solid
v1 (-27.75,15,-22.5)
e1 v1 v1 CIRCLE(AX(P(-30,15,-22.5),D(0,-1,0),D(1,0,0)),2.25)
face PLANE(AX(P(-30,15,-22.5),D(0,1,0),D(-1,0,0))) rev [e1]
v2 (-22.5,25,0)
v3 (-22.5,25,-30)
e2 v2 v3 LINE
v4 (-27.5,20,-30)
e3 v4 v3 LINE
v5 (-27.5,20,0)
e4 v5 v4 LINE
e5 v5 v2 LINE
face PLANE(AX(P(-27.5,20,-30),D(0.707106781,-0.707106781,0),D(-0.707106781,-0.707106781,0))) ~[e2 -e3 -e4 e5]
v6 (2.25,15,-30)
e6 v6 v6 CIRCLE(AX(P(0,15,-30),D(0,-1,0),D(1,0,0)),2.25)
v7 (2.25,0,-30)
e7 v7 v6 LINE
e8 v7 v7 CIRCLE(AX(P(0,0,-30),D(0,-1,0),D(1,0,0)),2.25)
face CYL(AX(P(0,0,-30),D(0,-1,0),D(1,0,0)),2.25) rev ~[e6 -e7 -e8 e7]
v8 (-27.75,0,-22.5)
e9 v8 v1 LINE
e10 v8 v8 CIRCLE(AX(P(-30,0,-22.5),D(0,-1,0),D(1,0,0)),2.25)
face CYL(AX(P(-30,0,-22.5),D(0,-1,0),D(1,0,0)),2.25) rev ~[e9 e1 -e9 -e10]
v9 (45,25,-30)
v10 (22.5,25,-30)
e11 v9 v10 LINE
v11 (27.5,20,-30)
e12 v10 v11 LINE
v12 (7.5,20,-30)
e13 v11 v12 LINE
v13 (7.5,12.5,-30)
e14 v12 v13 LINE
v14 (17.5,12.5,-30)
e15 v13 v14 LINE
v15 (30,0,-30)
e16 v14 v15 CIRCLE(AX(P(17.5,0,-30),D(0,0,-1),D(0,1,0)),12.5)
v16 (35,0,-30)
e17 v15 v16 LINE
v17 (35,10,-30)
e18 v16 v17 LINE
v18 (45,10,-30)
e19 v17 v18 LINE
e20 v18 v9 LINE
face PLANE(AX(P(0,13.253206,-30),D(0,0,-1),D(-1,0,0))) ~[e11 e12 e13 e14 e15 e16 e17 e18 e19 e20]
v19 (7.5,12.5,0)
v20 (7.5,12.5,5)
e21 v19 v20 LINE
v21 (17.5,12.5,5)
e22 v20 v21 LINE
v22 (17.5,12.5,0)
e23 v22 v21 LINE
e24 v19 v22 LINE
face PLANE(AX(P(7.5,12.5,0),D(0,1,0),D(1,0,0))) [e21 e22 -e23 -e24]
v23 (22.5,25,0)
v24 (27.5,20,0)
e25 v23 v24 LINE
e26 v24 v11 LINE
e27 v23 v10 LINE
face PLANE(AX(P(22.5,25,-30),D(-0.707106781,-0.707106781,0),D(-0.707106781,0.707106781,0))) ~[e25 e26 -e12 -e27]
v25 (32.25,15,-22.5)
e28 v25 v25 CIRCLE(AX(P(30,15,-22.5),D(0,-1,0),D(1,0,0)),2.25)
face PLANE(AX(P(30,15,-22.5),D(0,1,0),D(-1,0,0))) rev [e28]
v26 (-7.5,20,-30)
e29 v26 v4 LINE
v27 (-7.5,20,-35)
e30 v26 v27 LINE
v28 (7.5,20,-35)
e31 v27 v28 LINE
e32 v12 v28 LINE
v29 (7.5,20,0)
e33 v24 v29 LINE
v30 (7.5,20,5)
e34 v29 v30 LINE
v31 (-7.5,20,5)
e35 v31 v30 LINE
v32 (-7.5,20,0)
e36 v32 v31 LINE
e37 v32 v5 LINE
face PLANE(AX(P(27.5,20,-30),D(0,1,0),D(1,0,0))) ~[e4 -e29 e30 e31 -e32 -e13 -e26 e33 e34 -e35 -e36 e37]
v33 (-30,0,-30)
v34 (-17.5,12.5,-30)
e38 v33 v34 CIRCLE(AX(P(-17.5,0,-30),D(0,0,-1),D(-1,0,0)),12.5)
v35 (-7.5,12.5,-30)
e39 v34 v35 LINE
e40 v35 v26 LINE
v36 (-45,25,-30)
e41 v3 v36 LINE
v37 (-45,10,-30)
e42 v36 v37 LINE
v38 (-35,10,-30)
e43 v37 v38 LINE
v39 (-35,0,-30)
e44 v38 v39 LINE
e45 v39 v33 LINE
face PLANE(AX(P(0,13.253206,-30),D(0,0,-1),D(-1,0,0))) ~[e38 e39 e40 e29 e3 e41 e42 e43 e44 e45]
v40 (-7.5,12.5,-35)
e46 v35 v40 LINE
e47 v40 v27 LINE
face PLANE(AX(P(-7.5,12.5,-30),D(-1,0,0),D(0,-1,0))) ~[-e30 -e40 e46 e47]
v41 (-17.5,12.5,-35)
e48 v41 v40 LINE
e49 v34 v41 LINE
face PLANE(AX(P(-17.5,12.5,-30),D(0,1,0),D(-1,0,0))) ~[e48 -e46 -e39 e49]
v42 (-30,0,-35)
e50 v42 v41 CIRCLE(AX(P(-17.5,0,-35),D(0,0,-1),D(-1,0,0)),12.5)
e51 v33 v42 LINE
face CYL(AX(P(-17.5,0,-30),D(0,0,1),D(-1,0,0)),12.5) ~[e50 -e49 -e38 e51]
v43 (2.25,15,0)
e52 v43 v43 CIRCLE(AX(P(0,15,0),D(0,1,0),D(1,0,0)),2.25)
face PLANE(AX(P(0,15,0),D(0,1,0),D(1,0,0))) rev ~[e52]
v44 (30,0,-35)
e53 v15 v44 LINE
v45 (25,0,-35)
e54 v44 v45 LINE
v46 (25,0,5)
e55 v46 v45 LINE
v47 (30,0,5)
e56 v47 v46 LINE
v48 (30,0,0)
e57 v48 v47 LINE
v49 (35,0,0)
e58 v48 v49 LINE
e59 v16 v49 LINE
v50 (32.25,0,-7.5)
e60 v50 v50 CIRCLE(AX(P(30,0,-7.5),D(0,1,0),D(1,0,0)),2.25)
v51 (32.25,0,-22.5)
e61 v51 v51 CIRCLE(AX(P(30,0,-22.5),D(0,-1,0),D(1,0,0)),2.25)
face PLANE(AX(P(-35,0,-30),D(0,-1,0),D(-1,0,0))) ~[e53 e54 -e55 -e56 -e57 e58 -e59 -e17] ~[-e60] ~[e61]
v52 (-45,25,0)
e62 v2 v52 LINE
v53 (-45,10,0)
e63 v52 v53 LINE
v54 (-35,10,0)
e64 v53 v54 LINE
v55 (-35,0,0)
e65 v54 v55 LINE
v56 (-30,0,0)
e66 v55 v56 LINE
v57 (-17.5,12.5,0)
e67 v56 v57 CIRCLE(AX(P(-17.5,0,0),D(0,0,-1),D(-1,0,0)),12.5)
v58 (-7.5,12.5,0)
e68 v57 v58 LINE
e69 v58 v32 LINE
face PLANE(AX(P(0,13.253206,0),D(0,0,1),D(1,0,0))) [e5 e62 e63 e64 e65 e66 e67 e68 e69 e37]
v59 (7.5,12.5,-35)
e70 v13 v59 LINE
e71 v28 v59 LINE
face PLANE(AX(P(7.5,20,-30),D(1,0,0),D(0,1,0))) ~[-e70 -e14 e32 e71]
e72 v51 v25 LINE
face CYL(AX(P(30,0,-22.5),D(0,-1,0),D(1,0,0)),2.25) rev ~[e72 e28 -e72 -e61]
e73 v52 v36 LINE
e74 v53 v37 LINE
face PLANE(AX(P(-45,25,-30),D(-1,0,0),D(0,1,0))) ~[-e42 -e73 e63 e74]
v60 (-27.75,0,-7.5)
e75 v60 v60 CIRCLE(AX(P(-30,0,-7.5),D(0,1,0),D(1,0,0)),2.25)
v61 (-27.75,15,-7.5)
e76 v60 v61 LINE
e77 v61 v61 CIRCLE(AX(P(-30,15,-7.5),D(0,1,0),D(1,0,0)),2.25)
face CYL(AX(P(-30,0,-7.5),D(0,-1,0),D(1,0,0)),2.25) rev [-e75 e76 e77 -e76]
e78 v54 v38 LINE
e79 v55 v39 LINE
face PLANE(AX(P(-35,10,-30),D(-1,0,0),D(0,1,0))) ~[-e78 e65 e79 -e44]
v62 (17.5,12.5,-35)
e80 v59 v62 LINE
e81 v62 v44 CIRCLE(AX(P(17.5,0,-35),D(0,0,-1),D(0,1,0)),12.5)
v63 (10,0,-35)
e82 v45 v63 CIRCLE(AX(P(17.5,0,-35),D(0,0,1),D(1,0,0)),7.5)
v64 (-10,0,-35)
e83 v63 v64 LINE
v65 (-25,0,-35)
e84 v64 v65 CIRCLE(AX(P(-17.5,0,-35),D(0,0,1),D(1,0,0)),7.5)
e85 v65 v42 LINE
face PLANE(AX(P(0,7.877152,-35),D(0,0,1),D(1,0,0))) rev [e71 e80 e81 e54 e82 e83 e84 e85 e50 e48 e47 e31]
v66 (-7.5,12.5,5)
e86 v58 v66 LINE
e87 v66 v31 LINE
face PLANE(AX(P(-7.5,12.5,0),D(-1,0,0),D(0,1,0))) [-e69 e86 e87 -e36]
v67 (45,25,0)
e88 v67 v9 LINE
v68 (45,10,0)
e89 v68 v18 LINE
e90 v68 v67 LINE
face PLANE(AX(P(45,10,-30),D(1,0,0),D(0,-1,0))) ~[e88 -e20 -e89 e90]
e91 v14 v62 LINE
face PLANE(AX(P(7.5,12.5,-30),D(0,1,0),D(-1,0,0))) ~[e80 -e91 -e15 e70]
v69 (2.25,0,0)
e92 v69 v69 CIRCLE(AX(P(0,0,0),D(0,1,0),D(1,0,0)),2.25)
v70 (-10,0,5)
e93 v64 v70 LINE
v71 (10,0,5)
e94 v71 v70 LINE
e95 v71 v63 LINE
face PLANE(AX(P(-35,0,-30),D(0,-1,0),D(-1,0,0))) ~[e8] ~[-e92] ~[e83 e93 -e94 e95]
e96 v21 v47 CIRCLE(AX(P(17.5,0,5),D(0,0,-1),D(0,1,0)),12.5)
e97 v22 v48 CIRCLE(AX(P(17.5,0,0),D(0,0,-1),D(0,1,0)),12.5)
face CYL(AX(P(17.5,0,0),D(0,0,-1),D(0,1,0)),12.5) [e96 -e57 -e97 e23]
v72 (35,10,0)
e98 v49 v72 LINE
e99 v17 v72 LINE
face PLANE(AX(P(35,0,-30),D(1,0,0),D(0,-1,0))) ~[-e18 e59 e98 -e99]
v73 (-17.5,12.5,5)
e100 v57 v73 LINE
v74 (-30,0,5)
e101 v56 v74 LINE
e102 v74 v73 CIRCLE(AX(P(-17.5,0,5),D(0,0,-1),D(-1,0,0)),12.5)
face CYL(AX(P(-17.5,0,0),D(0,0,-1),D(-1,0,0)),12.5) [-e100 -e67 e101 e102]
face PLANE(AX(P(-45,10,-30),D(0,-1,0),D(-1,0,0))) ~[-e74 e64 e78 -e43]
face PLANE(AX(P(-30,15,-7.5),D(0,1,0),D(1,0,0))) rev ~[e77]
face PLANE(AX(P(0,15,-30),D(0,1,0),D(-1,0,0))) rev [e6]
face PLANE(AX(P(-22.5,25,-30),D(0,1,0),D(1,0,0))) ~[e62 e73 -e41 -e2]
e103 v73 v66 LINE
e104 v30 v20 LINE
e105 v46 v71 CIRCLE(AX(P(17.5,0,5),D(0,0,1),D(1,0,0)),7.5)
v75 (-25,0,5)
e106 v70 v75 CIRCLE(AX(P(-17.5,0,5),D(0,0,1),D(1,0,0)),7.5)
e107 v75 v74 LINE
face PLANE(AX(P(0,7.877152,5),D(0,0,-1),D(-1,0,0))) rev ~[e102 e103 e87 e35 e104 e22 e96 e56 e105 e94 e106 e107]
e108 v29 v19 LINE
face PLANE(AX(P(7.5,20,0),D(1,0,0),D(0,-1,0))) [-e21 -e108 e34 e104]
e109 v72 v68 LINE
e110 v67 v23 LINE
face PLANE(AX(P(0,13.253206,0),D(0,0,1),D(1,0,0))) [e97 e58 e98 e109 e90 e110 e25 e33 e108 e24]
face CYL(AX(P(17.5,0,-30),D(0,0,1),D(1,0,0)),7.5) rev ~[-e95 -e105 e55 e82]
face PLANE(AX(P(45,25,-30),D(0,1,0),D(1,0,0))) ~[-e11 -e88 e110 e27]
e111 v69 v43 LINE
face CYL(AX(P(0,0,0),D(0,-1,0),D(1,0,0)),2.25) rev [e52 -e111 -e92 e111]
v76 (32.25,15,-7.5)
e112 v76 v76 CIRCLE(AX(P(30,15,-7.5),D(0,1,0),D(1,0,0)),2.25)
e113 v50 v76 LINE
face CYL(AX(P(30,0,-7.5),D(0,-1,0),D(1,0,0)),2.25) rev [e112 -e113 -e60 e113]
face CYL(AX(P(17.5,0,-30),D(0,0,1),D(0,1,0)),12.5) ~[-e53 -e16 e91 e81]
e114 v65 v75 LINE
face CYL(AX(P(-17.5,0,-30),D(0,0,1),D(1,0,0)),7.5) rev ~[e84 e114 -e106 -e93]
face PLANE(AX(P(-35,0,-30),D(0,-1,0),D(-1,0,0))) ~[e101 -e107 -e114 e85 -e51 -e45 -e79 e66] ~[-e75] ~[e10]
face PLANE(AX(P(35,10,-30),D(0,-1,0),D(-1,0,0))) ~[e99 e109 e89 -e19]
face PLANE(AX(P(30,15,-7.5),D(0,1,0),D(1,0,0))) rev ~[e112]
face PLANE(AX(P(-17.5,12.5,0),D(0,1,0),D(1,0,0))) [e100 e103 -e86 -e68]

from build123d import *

# Parameters (mm, degrees)
BOSS_EXTRUDE1_DEPTH = 5
BOSS_EXTRUDE2_DEPTH = 15
CUT_EXTRUDE1_DEPTH  = 15
SKETCH7_R           = 2.25
CUT_EXTRUDE2_DEPTH  = 15


with BuildPart() as part:
    # Sketch1 → Boss-Extrude1 (new body)
    with BuildSketch(Plane.XY):
        with BuildLine():
            Line((-17.5, 12.5), (-7.5, 12.5))
            Line((-7.5, 12.5), (-7.5, 20))
            Line((-7.5, 20), (7.5, 20))
            Line((7.5, 20), (7.5, 12.5))
            Line((7.5, 12.5), (17.5, 12.5))
            ThreePointArc((17.5, 12.5), (26.338834765, 8.838834765), (30, 0))
            Line((30, 0), (25, 0))
            ThreePointArc((25, 0), (17.5, 7.5), (10, 0))
            Line((10, 0), (-10, 0))
            ThreePointArc((-10, 0), (-17.5, 7.5), (-25, 0))
            Line((-25, 0), (-30, 0))
            ThreePointArc((-30, 0), (-26.338834765, 8.838834765), (-17.5, 12.5))
        make_face()
    extrude(amount=BOSS_EXTRUDE1_DEPTH)

    # Sketch4 → Boss-Extrude2 (add)
    with BuildSketch(Plane(origin=(0, 0, 0), x_dir=(-1, 0, 0), z_dir=(0, 0, -1))):
        Polygon((35, 0), (-35, 0), (-35, 10), (-45, 10), (-45, 25), (-22.5, 25), (-27.5, 20), (27.5, 20), (22.5, 25), (45, 25), (45, 10), (35, 10), align=None)
    extrude(amount=BOSS_EXTRUDE2_DEPTH)

    # Sketch6 → Cut-Extrude1 (cut)
    with BuildSketch(Plane.XY):
        with BuildLine():
            Line((10, 0), (25, 0))
            ThreePointArc((25, 0), (17.5, 7.5), (10, 0))
        make_face()
        with BuildLine():
            Line((-25, 0), (-10, 0))
            ThreePointArc((-10, 0), (-17.5, 7.5), (-25, 0))
        make_face()
    extrude(amount=-CUT_EXTRUDE1_DEPTH, mode=Mode.SUBTRACT)

    # Sketch7 → Cut-Extrude2 (cut)
    with BuildSketch(Plane(origin=(0, 0, 0), x_dir=(1, 0, 0), z_dir=(0, 1, 0))):
        Circle(SKETCH7_R)
        with Locations((-30, 7.5)):
            Circle(SKETCH7_R)
        with Locations((30, 7.5)):
            Circle(SKETCH7_R)
    extrude(amount=CUT_EXTRUDE2_DEPTH, mode=Mode.SUBTRACT)

    # Mirror2: part across plane


with BuildPart() as part_1:
    add(part.part)
    add(part.part.mirror(Plane(origin=(0, 0, -15), x_dir=(1, 0, 0), z_dir=(0, 0, -1))))


solid = part_1.part
